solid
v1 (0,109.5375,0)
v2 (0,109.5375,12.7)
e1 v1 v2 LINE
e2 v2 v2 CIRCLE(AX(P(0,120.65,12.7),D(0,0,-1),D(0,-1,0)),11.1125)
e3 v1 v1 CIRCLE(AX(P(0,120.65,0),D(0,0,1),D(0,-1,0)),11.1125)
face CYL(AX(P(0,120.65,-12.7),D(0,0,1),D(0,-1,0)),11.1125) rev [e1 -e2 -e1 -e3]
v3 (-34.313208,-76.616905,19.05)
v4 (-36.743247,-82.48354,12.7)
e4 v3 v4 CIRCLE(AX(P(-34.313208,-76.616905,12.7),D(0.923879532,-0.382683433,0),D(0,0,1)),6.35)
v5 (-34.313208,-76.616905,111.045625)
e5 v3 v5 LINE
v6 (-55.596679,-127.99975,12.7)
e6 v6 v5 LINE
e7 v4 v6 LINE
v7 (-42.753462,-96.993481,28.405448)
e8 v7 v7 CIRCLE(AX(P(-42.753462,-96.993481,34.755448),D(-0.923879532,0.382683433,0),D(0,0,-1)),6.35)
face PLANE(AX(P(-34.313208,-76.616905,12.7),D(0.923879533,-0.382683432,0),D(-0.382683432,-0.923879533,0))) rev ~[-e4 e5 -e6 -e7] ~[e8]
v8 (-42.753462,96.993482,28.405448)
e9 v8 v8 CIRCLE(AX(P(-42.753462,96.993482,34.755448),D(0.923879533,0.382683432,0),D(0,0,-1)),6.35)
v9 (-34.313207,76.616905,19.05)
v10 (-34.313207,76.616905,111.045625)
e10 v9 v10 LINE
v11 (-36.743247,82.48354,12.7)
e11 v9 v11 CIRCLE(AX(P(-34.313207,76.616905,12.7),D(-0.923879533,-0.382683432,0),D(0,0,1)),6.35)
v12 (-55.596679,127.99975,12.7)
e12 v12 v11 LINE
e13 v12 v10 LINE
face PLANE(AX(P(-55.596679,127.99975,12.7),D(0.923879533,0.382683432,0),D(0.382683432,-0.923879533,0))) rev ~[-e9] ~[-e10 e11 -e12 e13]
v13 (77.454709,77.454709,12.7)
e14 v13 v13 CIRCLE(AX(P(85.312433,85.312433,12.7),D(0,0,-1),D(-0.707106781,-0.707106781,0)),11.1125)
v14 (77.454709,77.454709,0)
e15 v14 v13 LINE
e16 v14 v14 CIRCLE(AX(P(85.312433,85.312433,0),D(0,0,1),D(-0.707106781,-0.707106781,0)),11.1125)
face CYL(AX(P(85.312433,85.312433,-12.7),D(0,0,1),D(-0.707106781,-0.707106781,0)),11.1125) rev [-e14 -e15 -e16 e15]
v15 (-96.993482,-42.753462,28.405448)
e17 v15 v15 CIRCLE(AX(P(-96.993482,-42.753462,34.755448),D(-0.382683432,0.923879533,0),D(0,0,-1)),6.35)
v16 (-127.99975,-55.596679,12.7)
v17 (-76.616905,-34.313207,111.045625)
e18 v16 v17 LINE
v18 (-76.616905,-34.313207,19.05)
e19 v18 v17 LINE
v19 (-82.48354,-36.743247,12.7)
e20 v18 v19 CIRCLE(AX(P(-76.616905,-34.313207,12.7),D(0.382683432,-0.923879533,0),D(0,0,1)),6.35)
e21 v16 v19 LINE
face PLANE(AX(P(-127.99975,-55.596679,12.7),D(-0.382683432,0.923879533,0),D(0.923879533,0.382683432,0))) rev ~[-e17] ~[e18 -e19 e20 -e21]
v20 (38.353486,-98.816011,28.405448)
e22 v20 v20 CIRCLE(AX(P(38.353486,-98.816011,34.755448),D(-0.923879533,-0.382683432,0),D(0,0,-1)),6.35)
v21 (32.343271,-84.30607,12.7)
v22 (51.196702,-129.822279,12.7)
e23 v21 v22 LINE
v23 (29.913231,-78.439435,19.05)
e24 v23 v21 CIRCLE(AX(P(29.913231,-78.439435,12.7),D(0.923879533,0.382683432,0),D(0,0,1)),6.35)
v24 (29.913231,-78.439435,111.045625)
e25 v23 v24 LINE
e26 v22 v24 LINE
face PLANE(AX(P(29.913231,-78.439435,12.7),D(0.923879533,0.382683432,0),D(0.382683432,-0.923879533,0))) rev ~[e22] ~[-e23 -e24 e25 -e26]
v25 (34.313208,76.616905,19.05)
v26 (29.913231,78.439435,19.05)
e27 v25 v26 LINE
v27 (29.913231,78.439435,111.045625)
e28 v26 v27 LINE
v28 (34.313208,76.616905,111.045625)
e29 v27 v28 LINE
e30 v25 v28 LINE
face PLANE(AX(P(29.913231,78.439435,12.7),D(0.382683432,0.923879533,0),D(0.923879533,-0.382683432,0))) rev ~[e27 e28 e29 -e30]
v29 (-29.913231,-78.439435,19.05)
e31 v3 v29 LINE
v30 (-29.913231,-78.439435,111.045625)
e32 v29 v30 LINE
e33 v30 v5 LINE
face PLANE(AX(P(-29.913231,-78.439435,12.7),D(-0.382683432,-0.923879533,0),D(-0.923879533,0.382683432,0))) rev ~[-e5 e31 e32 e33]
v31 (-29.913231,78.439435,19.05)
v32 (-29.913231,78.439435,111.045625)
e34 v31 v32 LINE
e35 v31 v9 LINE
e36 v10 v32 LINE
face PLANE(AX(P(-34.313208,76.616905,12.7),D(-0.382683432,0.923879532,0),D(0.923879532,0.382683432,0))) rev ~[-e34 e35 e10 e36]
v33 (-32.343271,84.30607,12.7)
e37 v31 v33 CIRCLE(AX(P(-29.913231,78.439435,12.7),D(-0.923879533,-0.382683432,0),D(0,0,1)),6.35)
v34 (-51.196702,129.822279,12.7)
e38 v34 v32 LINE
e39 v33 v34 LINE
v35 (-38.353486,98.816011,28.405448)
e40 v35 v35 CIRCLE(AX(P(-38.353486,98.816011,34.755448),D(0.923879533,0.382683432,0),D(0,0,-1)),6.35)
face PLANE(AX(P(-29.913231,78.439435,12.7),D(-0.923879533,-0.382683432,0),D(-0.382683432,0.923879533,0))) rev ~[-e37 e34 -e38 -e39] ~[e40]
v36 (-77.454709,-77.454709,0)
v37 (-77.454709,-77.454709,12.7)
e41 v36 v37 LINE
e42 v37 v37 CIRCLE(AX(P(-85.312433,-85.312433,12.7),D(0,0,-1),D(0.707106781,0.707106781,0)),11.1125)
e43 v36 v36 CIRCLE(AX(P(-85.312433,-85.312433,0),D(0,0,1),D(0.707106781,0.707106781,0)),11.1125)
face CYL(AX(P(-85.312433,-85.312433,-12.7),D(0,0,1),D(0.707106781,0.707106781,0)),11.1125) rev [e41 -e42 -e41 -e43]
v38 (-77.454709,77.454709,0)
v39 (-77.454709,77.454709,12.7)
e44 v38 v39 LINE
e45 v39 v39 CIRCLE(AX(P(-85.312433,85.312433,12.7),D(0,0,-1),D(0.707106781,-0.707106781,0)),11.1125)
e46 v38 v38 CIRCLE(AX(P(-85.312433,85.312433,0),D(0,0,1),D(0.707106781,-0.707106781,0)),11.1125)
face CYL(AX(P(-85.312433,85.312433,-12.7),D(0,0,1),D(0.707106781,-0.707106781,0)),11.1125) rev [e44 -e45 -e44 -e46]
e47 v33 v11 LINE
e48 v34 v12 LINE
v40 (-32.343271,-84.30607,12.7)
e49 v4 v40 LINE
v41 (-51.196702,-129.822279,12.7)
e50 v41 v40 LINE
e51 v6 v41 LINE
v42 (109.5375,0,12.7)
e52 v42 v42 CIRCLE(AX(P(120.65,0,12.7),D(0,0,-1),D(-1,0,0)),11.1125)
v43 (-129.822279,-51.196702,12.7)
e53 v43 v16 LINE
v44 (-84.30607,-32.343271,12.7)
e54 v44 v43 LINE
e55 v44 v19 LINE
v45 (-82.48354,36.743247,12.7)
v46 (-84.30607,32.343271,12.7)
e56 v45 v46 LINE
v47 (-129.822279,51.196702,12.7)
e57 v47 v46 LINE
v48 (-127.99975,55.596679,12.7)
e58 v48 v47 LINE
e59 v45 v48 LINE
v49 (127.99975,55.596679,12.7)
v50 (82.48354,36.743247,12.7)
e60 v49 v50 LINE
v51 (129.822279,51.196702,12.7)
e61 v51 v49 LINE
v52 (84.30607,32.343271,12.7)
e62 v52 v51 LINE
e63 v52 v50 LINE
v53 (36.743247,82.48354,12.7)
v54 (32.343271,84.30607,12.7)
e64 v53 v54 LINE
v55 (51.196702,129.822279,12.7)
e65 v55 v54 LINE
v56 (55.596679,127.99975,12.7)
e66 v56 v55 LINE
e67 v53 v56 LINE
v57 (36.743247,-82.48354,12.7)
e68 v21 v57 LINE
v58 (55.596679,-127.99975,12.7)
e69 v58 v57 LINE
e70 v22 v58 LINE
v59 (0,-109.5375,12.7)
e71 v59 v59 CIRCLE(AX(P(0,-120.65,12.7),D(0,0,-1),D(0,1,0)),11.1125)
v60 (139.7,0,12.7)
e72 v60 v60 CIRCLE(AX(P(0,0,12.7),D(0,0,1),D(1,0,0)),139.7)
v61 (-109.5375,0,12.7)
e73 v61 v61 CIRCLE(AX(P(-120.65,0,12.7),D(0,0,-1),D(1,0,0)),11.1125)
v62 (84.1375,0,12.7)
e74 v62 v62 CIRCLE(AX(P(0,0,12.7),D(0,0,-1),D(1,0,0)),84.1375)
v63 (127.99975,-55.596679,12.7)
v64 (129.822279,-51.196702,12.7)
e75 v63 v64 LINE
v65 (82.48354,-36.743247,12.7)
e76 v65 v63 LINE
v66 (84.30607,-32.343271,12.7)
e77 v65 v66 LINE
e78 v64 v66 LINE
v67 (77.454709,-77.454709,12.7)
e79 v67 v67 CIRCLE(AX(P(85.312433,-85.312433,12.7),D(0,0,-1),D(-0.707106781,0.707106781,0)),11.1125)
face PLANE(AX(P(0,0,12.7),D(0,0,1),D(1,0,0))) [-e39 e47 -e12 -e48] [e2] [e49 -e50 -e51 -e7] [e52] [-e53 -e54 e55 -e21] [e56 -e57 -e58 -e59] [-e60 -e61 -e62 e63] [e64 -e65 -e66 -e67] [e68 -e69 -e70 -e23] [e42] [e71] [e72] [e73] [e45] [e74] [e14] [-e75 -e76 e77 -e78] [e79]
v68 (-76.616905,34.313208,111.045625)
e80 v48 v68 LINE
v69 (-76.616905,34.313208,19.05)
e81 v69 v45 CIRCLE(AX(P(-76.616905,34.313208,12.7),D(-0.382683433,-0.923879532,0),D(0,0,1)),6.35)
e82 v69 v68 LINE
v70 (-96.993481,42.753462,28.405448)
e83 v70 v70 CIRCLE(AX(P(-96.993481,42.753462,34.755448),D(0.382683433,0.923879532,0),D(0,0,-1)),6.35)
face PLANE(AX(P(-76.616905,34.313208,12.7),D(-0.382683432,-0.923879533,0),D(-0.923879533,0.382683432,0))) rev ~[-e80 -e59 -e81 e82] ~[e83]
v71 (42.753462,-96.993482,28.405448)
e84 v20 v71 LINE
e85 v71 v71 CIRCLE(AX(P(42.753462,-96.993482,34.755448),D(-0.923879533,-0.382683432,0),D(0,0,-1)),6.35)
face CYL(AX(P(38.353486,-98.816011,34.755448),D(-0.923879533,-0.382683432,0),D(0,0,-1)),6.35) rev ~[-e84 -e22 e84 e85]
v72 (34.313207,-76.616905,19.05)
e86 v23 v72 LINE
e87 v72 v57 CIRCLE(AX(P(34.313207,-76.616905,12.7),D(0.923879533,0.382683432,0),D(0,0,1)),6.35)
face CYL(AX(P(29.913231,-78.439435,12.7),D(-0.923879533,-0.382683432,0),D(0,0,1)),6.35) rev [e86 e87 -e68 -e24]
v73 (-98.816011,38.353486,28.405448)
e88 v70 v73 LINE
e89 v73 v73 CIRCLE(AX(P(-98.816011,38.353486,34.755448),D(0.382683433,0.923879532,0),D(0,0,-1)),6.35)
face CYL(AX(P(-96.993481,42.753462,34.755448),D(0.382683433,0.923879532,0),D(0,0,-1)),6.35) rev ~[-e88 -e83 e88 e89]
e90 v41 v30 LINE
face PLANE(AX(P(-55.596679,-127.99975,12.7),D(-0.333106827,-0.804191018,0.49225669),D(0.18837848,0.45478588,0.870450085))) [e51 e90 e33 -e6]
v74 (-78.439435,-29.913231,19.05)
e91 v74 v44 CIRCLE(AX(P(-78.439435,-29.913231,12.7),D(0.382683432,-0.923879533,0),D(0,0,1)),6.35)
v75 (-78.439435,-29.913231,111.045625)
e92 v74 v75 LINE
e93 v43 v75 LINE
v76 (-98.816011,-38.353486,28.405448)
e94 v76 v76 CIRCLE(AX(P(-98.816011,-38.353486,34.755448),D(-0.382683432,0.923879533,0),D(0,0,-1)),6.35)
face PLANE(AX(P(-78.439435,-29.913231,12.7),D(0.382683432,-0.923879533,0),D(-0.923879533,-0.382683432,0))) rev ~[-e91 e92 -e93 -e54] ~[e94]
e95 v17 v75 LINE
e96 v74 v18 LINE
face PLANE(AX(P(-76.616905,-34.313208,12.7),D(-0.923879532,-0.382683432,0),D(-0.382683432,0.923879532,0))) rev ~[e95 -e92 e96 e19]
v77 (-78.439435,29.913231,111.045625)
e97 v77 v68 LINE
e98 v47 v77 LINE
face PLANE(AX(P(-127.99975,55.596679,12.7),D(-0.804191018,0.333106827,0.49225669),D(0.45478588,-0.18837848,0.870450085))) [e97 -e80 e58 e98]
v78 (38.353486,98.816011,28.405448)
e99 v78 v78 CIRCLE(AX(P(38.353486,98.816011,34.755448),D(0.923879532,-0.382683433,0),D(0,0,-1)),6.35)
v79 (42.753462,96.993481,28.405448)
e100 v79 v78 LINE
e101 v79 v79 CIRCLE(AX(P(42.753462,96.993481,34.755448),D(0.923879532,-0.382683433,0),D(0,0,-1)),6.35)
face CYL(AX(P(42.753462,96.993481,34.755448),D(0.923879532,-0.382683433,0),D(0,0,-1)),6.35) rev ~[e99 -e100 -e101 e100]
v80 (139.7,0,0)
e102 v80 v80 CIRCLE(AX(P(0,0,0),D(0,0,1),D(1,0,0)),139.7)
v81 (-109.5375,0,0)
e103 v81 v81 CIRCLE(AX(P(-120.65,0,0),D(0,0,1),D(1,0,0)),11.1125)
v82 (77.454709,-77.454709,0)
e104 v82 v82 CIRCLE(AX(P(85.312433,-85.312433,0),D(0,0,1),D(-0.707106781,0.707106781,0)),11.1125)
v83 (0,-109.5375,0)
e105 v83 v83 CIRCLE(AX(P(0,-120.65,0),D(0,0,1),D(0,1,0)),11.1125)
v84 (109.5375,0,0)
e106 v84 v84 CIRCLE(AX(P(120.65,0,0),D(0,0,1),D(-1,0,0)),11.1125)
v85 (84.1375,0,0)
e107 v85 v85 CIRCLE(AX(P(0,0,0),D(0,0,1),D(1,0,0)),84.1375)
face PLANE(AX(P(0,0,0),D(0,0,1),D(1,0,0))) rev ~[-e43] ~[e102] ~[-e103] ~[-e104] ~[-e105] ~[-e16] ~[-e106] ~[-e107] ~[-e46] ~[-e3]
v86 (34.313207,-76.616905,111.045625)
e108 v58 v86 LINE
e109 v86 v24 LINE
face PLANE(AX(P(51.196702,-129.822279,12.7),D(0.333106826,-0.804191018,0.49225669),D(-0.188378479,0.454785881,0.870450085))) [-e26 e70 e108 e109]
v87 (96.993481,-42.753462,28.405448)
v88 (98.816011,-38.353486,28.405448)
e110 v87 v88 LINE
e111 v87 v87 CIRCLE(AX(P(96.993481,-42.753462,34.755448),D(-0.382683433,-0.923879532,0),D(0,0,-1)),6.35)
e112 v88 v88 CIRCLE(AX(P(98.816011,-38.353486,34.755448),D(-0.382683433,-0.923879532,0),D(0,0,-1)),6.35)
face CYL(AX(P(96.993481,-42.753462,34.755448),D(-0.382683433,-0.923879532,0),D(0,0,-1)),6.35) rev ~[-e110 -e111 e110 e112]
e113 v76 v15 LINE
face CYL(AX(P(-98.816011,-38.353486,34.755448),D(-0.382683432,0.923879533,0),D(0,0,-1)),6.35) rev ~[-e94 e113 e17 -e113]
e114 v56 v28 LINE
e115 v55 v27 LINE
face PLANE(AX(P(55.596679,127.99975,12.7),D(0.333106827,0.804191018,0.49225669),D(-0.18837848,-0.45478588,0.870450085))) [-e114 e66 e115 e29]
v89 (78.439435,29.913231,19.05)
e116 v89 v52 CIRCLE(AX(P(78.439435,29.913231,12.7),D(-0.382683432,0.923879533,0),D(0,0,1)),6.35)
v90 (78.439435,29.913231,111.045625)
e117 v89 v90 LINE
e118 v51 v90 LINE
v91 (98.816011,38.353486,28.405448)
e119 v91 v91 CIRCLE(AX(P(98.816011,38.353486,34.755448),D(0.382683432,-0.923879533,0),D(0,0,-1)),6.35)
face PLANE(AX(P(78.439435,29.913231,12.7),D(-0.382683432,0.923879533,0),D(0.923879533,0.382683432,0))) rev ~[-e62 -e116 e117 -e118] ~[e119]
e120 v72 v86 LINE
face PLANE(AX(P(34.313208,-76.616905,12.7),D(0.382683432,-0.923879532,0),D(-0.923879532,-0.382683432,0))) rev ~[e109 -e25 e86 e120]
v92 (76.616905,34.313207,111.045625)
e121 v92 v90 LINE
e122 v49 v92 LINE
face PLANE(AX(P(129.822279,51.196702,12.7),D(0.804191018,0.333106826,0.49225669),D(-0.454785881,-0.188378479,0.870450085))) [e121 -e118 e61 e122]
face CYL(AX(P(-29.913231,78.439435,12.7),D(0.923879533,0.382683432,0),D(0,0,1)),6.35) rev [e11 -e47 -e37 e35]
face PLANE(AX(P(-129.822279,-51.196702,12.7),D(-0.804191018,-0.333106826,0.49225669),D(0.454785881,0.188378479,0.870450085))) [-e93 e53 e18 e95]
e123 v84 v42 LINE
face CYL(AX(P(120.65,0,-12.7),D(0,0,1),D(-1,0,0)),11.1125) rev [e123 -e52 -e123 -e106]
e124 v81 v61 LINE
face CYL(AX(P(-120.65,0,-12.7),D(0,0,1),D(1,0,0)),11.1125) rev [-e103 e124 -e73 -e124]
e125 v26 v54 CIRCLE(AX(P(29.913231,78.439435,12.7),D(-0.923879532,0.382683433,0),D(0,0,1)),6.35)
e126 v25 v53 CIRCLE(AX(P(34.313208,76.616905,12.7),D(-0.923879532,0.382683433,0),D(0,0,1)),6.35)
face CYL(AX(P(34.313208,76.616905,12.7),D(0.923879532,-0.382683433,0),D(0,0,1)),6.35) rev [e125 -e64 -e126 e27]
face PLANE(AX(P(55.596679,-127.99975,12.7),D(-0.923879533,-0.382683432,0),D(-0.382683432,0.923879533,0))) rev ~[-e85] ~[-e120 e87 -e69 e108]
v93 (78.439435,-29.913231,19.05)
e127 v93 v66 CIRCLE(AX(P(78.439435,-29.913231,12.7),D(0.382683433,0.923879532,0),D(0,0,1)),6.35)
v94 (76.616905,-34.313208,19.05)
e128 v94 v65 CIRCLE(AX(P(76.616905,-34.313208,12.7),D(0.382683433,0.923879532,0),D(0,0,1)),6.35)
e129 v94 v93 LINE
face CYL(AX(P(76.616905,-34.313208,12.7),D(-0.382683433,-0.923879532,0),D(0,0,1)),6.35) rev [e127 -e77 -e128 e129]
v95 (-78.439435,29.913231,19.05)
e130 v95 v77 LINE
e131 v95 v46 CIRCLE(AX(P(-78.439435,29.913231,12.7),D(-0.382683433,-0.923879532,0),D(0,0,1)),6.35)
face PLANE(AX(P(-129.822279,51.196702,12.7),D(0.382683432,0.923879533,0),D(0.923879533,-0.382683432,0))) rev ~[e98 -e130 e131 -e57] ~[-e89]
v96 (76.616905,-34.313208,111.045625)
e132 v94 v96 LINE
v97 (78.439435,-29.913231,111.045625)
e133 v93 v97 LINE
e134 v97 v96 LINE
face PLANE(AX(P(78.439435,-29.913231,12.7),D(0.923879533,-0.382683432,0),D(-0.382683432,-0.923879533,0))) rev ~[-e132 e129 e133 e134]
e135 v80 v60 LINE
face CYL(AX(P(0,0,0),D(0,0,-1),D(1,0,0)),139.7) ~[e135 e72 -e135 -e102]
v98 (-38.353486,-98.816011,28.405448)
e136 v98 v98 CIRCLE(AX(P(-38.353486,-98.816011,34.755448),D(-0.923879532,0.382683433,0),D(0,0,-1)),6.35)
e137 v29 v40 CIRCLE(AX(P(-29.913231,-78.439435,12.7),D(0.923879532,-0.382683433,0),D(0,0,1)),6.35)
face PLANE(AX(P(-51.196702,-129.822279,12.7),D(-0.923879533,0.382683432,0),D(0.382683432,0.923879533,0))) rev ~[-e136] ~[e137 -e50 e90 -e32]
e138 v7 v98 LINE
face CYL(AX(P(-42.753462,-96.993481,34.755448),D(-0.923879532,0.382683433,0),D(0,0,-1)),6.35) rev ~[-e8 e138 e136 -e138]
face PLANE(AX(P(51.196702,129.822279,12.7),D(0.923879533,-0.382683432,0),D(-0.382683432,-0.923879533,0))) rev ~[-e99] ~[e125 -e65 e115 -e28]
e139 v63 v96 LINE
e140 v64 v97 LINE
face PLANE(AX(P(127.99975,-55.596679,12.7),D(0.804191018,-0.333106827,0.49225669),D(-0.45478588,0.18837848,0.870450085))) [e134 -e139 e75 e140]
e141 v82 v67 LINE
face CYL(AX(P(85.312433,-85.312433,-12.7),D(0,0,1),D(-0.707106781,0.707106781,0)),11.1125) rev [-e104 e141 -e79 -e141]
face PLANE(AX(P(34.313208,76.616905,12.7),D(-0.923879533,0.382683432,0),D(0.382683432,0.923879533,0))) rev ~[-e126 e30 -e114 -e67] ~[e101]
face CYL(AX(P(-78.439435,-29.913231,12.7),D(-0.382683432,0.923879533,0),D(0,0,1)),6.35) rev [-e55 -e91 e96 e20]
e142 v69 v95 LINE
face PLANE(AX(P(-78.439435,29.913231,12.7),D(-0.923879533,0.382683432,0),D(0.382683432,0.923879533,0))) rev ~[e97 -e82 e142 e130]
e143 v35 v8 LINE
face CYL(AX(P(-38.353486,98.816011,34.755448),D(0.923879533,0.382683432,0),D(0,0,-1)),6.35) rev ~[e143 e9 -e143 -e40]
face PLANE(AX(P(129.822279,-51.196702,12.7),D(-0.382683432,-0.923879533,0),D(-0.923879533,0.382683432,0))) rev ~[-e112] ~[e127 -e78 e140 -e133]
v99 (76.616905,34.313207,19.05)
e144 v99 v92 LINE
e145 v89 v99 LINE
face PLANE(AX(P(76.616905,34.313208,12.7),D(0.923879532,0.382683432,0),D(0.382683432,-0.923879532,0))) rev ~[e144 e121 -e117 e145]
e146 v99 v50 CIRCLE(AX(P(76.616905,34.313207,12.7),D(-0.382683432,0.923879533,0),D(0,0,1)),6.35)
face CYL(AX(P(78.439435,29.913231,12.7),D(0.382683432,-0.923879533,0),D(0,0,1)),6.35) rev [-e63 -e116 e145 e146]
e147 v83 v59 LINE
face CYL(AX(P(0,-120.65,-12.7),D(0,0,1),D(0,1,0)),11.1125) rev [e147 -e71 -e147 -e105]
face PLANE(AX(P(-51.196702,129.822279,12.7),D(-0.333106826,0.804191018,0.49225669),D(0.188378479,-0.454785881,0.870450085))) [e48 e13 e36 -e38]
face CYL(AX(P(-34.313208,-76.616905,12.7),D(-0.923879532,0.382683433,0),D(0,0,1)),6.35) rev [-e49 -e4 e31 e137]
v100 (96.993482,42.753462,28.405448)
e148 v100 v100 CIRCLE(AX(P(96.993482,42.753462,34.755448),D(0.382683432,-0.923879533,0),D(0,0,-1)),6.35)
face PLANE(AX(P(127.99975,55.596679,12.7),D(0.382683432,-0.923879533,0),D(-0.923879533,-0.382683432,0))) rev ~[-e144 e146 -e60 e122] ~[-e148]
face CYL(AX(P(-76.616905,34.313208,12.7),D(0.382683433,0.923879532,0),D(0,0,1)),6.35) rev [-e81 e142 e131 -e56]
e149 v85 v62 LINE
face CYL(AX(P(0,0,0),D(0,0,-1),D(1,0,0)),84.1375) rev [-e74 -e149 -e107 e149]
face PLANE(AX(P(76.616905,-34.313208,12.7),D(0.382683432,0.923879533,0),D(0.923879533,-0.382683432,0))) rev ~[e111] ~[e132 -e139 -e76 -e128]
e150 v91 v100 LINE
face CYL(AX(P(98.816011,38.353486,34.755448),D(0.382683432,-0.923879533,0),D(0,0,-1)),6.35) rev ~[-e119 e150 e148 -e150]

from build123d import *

# Parameters (mm, degrees)
SKETCH1_R         = 139.7
SKETCH1_R_2       = 84.1375
EXTRUDE1_DEPTH    = 12.7
CIRPATTERN2_COUNT = 8
EXTRUDE4_DEPTH    = 98.345625
SKETCH8_R         = 6.35
EXTRUDE5_DEPTH    = 4.7625
CIRPATTERN4_COUNT = 8


with BuildPart() as part:
    # Sketch1 → Extrude1 (new body)
    with BuildSketch(Plane.XY):
        Circle(SKETCH1_R)
        Circle(SKETCH1_R_2, mode=Mode.SUBTRACT)
    extrude(amount=EXTRUDE1_DEPTH)

    # Sketch2 → 0.625_ Diameter Hole1 (revolve, cut)
    with BuildSketch(Plane(origin=(0, 120.65, 12.7), x_dir=(0, -1, 0), z_dir=(1, 0, 0))):
        Polygon((0, 0), (0, 32.077063629), (11.1125, 25.4), (11.1125, 0), align=None)
    f_0_625_diameter_hole1 = revolve(axis=Axis((0, 120.65, 19.05), (0, 0, -1)), mode=Mode.SUBTRACT)

    # CirPattern2: 0.625_ Diameter Hole1 ×8 about axis
    cirpattern2_axis = Axis((0, 0, 0), (0, 0, 1))
    for i in range(1, CIRPATTERN2_COUNT):
        add(f_0_625_diameter_hole1.rotate(cirpattern2_axis, i * 360 / CIRPATTERN2_COUNT), mode=Mode.SUBTRACT)

    # Sketch6 → Extrude4 (add)
    with BuildSketch(Plane.XY.offset(12.7)):
        Polygon((-55.596678696, 127.999749611), (-34.313207501, 76.616904797), (-29.913231227, 78.439434644), (-51.196702422, 129.822279457), align=None)
    extrude4 = extrude(amount=EXTRUDE4_DEPTH)

    # Sketch8 → Extrude5 (cut)
    with BuildSketch(Plane(origin=(2.199988137, 0.911264923, 0), x_dir=(0, 0, -1), z_dir=(0.923879533, 0.382683432, 0))):
        with Locations((-34.755447715, 105.971333923)):
            Circle(SKETCH8_R)
        Polygon((-12.7, 139.532276663), (-111.045625, 83.915886208), (-111.045625, 139.532276663), align=None)
        with BuildLine():
            Line((-12.7, 90.265886208), (-12.7, 83.915886208))
            Line((-12.7, 83.915886208), (-19.05, 83.915886208))
            ThreePointArc((-19.05, 83.915886208), (-17.190128061, 88.406014269), (-12.7, 90.265886208))
        make_face()
    extrude5 = extrude(amount=-EXTRUDE5_DEPTH, mode=Mode.SUBTRACT)

    # CirPattern4: Extrude4, Extrude5 ×8 about axis
    cirpattern4_axis = Axis((0, 0, 0), (0, 0, 1))
    for i in range(1, CIRPATTERN4_COUNT):
        add(extrude4.rotate(cirpattern4_axis, i * 360 / CIRPATTERN4_COUNT))
        add(extrude5.rotate(cirpattern4_axis, i * 360 / CIRPATTERN4_COUNT), mode=Mode.SUBTRACT)


solid = part.part
